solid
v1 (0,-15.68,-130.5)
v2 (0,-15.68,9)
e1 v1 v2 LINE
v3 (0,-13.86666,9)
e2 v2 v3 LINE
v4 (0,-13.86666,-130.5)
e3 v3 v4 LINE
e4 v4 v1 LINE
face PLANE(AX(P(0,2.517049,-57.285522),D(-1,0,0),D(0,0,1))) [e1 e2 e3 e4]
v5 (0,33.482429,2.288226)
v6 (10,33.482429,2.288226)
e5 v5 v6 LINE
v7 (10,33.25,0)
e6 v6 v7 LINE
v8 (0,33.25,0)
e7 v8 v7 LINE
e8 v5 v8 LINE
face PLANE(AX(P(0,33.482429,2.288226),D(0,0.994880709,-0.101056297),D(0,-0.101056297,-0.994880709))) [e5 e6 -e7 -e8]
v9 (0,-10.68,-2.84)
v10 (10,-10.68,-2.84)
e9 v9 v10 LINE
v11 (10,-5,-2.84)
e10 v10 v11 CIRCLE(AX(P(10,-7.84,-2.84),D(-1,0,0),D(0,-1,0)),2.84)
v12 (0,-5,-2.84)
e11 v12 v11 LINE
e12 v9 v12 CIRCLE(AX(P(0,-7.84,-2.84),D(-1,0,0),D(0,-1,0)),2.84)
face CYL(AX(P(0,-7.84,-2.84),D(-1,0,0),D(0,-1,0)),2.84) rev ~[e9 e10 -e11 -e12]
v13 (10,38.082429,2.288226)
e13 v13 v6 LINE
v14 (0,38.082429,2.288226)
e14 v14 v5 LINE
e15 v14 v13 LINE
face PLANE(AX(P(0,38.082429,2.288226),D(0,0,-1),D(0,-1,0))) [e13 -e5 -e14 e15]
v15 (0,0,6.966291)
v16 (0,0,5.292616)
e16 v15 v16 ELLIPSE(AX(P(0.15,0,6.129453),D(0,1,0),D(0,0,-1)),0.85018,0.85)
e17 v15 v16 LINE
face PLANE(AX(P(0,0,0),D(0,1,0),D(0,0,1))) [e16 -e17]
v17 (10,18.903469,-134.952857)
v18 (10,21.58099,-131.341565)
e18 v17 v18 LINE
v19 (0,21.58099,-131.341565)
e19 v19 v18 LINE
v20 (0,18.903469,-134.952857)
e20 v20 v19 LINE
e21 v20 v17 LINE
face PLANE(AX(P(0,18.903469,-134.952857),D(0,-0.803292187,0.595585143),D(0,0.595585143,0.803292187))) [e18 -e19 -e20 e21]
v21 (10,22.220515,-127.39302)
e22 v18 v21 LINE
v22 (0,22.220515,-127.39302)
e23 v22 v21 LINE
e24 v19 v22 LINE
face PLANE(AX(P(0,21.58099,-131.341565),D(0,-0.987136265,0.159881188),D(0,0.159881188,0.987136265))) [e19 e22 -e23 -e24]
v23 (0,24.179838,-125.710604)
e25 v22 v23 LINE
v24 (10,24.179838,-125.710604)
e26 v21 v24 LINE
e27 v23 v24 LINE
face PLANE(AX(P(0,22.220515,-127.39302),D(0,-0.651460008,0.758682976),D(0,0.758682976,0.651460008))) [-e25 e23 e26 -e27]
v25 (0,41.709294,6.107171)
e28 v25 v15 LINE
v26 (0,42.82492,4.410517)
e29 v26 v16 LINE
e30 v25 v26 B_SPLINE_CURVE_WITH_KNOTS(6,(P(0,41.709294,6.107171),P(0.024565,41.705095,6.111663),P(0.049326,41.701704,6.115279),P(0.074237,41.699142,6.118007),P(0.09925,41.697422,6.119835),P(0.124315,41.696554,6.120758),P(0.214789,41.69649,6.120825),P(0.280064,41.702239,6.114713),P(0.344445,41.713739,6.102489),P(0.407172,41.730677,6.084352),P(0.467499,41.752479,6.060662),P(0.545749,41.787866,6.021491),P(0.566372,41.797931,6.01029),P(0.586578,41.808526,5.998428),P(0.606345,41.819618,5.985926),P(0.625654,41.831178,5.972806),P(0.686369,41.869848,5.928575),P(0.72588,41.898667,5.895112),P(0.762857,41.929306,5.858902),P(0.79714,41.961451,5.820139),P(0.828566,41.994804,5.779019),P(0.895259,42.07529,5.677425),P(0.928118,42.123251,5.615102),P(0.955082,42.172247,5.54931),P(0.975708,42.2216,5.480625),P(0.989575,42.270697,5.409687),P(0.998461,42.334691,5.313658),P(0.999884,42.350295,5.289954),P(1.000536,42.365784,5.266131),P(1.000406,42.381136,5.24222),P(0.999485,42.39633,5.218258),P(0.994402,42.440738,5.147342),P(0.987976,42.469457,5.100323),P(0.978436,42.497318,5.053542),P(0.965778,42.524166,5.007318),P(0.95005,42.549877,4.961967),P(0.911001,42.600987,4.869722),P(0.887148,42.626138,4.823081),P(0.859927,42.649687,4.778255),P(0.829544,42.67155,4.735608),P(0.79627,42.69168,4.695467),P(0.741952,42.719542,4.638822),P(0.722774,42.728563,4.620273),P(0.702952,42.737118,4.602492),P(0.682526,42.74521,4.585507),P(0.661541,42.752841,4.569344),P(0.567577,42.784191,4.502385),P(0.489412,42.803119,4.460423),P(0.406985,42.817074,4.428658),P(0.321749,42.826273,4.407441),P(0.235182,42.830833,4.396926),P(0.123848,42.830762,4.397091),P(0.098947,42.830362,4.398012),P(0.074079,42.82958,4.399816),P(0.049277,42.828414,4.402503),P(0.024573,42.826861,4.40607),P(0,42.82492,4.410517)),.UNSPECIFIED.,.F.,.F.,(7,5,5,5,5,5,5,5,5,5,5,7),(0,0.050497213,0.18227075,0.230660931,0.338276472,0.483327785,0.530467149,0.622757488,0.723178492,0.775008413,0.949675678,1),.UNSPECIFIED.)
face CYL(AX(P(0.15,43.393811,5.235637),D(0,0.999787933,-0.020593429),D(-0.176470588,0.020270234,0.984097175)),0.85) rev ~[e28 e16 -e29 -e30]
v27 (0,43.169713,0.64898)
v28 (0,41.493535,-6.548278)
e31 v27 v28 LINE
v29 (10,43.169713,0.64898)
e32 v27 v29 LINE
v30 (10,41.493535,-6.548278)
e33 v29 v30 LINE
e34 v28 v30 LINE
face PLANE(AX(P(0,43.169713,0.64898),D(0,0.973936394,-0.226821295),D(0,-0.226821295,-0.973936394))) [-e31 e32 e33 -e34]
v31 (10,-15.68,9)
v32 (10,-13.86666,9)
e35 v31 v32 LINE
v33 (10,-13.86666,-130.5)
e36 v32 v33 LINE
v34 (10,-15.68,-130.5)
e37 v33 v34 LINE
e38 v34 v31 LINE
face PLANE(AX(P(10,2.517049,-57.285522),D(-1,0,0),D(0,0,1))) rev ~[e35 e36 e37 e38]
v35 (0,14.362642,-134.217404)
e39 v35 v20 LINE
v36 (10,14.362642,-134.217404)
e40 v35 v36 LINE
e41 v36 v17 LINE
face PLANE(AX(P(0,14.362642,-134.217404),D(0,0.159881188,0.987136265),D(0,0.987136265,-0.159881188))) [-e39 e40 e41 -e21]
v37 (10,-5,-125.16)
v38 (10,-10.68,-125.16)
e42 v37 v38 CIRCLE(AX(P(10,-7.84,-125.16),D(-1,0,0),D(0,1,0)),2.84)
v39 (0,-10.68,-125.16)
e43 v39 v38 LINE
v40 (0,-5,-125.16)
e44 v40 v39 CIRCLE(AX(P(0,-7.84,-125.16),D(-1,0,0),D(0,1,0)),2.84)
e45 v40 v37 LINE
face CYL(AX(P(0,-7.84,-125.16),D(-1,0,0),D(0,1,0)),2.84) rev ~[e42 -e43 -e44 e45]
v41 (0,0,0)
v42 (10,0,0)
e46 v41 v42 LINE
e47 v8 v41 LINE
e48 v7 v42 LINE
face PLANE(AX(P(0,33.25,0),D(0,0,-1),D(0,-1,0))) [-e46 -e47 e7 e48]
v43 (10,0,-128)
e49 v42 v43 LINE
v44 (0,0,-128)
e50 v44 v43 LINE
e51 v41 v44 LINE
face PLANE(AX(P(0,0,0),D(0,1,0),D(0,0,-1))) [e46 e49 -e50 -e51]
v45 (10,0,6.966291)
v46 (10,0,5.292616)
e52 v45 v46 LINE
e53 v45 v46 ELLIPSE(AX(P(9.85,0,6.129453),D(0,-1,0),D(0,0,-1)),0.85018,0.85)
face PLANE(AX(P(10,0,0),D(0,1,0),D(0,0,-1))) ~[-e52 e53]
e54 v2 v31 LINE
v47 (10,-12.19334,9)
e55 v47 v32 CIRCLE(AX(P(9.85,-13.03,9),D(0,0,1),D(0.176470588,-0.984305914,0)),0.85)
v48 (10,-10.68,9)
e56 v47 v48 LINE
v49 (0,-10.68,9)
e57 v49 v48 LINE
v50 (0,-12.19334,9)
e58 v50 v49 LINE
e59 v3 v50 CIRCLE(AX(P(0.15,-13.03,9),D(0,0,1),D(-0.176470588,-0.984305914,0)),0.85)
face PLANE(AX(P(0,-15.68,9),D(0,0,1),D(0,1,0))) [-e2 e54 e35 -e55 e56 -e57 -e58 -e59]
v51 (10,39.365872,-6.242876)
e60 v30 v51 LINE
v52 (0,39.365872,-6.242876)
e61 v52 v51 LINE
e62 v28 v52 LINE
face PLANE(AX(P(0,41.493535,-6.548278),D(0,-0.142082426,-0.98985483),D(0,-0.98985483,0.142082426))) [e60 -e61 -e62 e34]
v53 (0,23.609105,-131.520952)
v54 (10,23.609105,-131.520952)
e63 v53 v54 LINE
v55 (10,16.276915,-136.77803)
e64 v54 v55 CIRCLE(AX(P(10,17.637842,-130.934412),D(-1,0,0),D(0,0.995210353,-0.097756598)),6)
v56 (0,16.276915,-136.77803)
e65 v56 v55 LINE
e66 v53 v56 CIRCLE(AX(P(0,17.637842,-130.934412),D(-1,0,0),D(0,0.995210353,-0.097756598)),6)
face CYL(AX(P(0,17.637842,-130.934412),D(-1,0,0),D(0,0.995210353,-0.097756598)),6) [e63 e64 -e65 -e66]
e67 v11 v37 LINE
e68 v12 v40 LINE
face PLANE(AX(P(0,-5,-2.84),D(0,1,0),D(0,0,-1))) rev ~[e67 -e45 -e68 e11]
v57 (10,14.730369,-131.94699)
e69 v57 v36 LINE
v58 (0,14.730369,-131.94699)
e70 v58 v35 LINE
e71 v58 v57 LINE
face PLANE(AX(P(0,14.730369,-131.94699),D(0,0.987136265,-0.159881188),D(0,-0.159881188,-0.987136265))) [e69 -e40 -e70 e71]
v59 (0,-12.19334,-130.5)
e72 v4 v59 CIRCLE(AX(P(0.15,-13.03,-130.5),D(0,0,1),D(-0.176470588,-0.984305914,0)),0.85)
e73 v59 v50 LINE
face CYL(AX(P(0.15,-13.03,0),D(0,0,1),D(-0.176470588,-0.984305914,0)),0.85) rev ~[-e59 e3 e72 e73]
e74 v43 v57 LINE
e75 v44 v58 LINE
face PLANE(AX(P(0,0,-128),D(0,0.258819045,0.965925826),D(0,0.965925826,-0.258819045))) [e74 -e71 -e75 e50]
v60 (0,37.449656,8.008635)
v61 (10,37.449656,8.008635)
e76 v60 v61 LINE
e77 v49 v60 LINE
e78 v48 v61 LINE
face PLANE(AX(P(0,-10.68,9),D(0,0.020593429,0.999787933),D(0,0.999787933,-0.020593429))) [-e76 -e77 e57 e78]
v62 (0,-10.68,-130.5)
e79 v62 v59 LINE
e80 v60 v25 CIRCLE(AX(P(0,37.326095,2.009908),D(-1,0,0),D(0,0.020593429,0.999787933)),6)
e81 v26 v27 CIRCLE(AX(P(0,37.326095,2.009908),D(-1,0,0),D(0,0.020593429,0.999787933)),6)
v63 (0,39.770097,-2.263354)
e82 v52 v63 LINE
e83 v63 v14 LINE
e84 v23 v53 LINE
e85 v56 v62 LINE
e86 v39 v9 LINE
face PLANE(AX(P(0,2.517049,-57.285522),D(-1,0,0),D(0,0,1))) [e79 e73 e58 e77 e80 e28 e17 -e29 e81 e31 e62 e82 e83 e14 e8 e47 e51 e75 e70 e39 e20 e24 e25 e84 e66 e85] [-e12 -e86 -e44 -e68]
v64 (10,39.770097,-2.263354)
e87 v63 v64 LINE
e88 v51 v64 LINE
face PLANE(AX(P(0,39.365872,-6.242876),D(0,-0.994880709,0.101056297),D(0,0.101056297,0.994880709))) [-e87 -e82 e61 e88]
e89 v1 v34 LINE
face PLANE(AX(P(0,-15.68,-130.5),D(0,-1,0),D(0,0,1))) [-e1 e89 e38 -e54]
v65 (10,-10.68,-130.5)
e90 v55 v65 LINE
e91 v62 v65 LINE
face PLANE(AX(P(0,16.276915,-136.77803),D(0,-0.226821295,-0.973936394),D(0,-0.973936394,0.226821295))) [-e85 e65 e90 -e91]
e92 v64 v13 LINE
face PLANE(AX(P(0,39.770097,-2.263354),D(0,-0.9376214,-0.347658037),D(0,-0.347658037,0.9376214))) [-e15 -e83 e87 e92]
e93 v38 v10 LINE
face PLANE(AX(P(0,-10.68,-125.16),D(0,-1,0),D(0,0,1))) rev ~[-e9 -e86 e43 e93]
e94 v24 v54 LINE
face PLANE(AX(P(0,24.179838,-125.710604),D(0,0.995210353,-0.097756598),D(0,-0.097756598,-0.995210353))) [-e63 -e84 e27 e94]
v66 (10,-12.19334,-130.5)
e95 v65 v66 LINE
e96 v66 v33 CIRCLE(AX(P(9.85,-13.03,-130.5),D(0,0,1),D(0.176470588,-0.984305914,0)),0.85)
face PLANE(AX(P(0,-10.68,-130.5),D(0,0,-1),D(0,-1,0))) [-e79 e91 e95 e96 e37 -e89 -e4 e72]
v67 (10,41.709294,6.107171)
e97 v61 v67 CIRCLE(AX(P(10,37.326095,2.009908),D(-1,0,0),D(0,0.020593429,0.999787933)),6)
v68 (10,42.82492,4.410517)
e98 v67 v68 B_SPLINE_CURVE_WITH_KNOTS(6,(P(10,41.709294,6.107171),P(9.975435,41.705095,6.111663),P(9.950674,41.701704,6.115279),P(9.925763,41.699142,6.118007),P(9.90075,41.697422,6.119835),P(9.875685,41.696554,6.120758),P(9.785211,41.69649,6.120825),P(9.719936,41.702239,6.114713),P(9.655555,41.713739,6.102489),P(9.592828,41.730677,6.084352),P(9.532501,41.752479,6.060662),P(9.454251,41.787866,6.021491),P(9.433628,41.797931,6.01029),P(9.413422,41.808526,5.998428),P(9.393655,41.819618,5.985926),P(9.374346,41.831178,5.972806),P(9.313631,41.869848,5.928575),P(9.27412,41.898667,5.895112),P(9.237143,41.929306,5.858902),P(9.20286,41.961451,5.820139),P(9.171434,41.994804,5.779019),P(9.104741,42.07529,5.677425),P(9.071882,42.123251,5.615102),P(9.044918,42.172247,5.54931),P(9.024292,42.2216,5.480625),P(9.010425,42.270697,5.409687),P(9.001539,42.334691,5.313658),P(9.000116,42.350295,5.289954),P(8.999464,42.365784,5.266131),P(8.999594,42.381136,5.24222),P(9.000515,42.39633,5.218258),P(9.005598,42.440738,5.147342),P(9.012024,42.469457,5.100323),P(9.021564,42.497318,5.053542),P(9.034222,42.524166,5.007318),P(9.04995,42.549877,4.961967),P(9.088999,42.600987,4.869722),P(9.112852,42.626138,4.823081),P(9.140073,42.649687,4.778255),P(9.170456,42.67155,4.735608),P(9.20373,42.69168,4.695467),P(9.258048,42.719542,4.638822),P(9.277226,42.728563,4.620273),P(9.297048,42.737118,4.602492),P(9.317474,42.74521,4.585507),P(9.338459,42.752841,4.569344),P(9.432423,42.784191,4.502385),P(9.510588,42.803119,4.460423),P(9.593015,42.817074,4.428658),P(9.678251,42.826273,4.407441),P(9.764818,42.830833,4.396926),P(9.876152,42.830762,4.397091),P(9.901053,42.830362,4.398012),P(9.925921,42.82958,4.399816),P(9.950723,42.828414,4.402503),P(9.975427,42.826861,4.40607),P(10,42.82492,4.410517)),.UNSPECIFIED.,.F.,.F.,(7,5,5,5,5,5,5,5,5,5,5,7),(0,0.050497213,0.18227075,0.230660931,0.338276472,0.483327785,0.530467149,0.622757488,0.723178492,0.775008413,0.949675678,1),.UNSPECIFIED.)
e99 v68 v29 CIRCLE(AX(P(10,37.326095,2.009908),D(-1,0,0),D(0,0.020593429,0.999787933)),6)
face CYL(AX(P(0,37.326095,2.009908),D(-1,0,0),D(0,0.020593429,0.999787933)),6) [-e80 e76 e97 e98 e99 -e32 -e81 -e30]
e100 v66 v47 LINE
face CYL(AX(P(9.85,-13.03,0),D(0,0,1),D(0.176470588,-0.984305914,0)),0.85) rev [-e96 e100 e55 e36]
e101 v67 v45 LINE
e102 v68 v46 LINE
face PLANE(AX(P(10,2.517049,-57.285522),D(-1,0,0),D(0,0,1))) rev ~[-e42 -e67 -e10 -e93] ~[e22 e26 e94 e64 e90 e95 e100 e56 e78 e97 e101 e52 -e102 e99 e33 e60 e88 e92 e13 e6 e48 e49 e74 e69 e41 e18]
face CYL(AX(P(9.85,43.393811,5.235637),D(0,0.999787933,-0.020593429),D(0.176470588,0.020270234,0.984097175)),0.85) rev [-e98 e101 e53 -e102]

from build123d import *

# Parameters (mm, degrees)
BOSS_EXTRUDE1_DEPTH = 10
CUT_EXTRUDE4_REACH  = 150.602
CUT_EXTRUDE5_DEPTH  = 144.972857609


with BuildPart() as part:
    # Sketch1 → Boss-Extrude1 (new body)
    with BuildSketch(Plane(origin=(0, 0, 0), x_dir=(0, 0, -1), z_dir=(1, 0, 0))):
        with BuildLine():
            Line((0, 0), (128, 0))
            Line((128, 0), (131.946990438, 14.730368851))
            Line((131.946990438, 14.730368851), (134.217403847, 14.362642119))
            Line((134.217403847, 14.362642119), (134.952857311, 18.903468939))
            Line((134.952857311, 18.903468939), (131.341565092, 21.580990302))
            Line((131.341565092, 21.580990302), (127.393020031, 22.220515053))
            Line((127.393020031, 22.220515053), (125.710603817, 24.179837998))
            Line((125.710603817, 24.179837998), (131.520951621, 23.60910455))
            ThreePointArc((131.520951621, 23.60910455), (135.810577018, 21.133985308), (136.778030397, 16.276914661))
            Line((136.778030397, 16.276914661), (130.5, -10.68))
            Line((130.5, -10.68), (130.5, -15.68))
            Line((130.5, -15.68), (-9, -15.68))
            Line((-9, -15.68), (-9, -10.68))
            Line((-9, -10.68), (-8.008635101, 37.449655704))
            ThreePointArc((-8.008635101, 37.449655704), (-5.691899097, 42.063492927), (-0.648979735, 43.169713494))
            Line((-0.648979735, 43.169713494), (6.548278337, 41.493534839))
            Line((6.548278337, 41.493534839), (6.242876448, 39.365871735))
            Line((6.242876448, 39.365871735), (2.263353613, 39.770096924))
            Line((2.263353613, 39.770096924), (-2.28822563, 38.082429484))
            Line((-2.28822563, 38.082429484), (-2.28822563, 33.482429484))
            Line((-2.28822563, 33.482429484), (0, 33.25))
            Line((0, 33.25), (0, 0))
        make_face()
        with BuildLine():
            Line((2.84, -5), (125.16, -5))
            ThreePointArc((125.16, -5), (128, -7.84), (125.16, -10.68))
            Line((125.16, -10.68), (2.84, -10.68))
            ThreePointArc((2.84, -10.68), (0, -7.84), (2.84, -5))
        make_face(mode=Mode.SUBTRACT)
    extrude(amount=BOSS_EXTRUDE1_DEPTH)

    # Cut-Extrude4: up to this plane
    cut_extrude4_end = Plane(origin=(0, 0, 0), z_dir=(0, 1, 0))
    # Sketch2 → Cut-Extrude4 (cut, up to the surface)
    with BuildSketch(Plane(origin=(0, 43.267611016, -0.891217487), x_dir=(1, 0, 0), z_dir=(0, 0.9997879328481811, -0.020593429320073266)), mode=Mode.PRIVATE) as cut_extrude4_sk1:
        with BuildLine():
            Line((0, -5.291493544), (0, -6.964813597))
            ThreePointArc((0, -6.964813597), (1, -6.12815357), (0, -5.291493544))
        make_face()
    cut_extrude4_tool1 = split(extrude(cut_extrude4_sk1.sketch, amount=-CUT_EXTRUDE4_REACH, mode=Mode.PRIVATE), bisect_by=cut_extrude4_end, keep=Keep.BOTH, mode=Mode.PRIVATE)
    cut_extrude4 = cut_extrude4_tool1.solids().sort_by_distance((0.431182, 43.393811, 5.235637))[0]
    add(cut_extrude4, mode=Mode.SUBTRACT)

    # Mirror1: Cut-Extrude4 across plane
    add(cut_extrude4.mirror(Plane(origin=(5, 0, 0), x_dir=(0, 0, 1), z_dir=(1, 0, 0))), mode=Mode.SUBTRACT)

    # Sketch3 → Cut-Extrude5 (cut, symmetric)
    with BuildSketch(Plane.XY):
        with BuildLine():
            ThreePointArc((0, -13.866660027), (1, -13.03), (0, -12.193339973))
            Line((0, -12.193339973), (0, -13.866660027))
        make_face()
    cut_extrude5 = extrude(amount=CUT_EXTRUDE5_DEPTH, both=True, mode=Mode.SUBTRACT)

    # Mirror2: Cut-Extrude5 across plane
    add(cut_extrude5.mirror(Plane(origin=(5, 0, 0), x_dir=(0, 0, 1), z_dir=(1, 0, 0))), mode=Mode.SUBTRACT)


solid = part.part
